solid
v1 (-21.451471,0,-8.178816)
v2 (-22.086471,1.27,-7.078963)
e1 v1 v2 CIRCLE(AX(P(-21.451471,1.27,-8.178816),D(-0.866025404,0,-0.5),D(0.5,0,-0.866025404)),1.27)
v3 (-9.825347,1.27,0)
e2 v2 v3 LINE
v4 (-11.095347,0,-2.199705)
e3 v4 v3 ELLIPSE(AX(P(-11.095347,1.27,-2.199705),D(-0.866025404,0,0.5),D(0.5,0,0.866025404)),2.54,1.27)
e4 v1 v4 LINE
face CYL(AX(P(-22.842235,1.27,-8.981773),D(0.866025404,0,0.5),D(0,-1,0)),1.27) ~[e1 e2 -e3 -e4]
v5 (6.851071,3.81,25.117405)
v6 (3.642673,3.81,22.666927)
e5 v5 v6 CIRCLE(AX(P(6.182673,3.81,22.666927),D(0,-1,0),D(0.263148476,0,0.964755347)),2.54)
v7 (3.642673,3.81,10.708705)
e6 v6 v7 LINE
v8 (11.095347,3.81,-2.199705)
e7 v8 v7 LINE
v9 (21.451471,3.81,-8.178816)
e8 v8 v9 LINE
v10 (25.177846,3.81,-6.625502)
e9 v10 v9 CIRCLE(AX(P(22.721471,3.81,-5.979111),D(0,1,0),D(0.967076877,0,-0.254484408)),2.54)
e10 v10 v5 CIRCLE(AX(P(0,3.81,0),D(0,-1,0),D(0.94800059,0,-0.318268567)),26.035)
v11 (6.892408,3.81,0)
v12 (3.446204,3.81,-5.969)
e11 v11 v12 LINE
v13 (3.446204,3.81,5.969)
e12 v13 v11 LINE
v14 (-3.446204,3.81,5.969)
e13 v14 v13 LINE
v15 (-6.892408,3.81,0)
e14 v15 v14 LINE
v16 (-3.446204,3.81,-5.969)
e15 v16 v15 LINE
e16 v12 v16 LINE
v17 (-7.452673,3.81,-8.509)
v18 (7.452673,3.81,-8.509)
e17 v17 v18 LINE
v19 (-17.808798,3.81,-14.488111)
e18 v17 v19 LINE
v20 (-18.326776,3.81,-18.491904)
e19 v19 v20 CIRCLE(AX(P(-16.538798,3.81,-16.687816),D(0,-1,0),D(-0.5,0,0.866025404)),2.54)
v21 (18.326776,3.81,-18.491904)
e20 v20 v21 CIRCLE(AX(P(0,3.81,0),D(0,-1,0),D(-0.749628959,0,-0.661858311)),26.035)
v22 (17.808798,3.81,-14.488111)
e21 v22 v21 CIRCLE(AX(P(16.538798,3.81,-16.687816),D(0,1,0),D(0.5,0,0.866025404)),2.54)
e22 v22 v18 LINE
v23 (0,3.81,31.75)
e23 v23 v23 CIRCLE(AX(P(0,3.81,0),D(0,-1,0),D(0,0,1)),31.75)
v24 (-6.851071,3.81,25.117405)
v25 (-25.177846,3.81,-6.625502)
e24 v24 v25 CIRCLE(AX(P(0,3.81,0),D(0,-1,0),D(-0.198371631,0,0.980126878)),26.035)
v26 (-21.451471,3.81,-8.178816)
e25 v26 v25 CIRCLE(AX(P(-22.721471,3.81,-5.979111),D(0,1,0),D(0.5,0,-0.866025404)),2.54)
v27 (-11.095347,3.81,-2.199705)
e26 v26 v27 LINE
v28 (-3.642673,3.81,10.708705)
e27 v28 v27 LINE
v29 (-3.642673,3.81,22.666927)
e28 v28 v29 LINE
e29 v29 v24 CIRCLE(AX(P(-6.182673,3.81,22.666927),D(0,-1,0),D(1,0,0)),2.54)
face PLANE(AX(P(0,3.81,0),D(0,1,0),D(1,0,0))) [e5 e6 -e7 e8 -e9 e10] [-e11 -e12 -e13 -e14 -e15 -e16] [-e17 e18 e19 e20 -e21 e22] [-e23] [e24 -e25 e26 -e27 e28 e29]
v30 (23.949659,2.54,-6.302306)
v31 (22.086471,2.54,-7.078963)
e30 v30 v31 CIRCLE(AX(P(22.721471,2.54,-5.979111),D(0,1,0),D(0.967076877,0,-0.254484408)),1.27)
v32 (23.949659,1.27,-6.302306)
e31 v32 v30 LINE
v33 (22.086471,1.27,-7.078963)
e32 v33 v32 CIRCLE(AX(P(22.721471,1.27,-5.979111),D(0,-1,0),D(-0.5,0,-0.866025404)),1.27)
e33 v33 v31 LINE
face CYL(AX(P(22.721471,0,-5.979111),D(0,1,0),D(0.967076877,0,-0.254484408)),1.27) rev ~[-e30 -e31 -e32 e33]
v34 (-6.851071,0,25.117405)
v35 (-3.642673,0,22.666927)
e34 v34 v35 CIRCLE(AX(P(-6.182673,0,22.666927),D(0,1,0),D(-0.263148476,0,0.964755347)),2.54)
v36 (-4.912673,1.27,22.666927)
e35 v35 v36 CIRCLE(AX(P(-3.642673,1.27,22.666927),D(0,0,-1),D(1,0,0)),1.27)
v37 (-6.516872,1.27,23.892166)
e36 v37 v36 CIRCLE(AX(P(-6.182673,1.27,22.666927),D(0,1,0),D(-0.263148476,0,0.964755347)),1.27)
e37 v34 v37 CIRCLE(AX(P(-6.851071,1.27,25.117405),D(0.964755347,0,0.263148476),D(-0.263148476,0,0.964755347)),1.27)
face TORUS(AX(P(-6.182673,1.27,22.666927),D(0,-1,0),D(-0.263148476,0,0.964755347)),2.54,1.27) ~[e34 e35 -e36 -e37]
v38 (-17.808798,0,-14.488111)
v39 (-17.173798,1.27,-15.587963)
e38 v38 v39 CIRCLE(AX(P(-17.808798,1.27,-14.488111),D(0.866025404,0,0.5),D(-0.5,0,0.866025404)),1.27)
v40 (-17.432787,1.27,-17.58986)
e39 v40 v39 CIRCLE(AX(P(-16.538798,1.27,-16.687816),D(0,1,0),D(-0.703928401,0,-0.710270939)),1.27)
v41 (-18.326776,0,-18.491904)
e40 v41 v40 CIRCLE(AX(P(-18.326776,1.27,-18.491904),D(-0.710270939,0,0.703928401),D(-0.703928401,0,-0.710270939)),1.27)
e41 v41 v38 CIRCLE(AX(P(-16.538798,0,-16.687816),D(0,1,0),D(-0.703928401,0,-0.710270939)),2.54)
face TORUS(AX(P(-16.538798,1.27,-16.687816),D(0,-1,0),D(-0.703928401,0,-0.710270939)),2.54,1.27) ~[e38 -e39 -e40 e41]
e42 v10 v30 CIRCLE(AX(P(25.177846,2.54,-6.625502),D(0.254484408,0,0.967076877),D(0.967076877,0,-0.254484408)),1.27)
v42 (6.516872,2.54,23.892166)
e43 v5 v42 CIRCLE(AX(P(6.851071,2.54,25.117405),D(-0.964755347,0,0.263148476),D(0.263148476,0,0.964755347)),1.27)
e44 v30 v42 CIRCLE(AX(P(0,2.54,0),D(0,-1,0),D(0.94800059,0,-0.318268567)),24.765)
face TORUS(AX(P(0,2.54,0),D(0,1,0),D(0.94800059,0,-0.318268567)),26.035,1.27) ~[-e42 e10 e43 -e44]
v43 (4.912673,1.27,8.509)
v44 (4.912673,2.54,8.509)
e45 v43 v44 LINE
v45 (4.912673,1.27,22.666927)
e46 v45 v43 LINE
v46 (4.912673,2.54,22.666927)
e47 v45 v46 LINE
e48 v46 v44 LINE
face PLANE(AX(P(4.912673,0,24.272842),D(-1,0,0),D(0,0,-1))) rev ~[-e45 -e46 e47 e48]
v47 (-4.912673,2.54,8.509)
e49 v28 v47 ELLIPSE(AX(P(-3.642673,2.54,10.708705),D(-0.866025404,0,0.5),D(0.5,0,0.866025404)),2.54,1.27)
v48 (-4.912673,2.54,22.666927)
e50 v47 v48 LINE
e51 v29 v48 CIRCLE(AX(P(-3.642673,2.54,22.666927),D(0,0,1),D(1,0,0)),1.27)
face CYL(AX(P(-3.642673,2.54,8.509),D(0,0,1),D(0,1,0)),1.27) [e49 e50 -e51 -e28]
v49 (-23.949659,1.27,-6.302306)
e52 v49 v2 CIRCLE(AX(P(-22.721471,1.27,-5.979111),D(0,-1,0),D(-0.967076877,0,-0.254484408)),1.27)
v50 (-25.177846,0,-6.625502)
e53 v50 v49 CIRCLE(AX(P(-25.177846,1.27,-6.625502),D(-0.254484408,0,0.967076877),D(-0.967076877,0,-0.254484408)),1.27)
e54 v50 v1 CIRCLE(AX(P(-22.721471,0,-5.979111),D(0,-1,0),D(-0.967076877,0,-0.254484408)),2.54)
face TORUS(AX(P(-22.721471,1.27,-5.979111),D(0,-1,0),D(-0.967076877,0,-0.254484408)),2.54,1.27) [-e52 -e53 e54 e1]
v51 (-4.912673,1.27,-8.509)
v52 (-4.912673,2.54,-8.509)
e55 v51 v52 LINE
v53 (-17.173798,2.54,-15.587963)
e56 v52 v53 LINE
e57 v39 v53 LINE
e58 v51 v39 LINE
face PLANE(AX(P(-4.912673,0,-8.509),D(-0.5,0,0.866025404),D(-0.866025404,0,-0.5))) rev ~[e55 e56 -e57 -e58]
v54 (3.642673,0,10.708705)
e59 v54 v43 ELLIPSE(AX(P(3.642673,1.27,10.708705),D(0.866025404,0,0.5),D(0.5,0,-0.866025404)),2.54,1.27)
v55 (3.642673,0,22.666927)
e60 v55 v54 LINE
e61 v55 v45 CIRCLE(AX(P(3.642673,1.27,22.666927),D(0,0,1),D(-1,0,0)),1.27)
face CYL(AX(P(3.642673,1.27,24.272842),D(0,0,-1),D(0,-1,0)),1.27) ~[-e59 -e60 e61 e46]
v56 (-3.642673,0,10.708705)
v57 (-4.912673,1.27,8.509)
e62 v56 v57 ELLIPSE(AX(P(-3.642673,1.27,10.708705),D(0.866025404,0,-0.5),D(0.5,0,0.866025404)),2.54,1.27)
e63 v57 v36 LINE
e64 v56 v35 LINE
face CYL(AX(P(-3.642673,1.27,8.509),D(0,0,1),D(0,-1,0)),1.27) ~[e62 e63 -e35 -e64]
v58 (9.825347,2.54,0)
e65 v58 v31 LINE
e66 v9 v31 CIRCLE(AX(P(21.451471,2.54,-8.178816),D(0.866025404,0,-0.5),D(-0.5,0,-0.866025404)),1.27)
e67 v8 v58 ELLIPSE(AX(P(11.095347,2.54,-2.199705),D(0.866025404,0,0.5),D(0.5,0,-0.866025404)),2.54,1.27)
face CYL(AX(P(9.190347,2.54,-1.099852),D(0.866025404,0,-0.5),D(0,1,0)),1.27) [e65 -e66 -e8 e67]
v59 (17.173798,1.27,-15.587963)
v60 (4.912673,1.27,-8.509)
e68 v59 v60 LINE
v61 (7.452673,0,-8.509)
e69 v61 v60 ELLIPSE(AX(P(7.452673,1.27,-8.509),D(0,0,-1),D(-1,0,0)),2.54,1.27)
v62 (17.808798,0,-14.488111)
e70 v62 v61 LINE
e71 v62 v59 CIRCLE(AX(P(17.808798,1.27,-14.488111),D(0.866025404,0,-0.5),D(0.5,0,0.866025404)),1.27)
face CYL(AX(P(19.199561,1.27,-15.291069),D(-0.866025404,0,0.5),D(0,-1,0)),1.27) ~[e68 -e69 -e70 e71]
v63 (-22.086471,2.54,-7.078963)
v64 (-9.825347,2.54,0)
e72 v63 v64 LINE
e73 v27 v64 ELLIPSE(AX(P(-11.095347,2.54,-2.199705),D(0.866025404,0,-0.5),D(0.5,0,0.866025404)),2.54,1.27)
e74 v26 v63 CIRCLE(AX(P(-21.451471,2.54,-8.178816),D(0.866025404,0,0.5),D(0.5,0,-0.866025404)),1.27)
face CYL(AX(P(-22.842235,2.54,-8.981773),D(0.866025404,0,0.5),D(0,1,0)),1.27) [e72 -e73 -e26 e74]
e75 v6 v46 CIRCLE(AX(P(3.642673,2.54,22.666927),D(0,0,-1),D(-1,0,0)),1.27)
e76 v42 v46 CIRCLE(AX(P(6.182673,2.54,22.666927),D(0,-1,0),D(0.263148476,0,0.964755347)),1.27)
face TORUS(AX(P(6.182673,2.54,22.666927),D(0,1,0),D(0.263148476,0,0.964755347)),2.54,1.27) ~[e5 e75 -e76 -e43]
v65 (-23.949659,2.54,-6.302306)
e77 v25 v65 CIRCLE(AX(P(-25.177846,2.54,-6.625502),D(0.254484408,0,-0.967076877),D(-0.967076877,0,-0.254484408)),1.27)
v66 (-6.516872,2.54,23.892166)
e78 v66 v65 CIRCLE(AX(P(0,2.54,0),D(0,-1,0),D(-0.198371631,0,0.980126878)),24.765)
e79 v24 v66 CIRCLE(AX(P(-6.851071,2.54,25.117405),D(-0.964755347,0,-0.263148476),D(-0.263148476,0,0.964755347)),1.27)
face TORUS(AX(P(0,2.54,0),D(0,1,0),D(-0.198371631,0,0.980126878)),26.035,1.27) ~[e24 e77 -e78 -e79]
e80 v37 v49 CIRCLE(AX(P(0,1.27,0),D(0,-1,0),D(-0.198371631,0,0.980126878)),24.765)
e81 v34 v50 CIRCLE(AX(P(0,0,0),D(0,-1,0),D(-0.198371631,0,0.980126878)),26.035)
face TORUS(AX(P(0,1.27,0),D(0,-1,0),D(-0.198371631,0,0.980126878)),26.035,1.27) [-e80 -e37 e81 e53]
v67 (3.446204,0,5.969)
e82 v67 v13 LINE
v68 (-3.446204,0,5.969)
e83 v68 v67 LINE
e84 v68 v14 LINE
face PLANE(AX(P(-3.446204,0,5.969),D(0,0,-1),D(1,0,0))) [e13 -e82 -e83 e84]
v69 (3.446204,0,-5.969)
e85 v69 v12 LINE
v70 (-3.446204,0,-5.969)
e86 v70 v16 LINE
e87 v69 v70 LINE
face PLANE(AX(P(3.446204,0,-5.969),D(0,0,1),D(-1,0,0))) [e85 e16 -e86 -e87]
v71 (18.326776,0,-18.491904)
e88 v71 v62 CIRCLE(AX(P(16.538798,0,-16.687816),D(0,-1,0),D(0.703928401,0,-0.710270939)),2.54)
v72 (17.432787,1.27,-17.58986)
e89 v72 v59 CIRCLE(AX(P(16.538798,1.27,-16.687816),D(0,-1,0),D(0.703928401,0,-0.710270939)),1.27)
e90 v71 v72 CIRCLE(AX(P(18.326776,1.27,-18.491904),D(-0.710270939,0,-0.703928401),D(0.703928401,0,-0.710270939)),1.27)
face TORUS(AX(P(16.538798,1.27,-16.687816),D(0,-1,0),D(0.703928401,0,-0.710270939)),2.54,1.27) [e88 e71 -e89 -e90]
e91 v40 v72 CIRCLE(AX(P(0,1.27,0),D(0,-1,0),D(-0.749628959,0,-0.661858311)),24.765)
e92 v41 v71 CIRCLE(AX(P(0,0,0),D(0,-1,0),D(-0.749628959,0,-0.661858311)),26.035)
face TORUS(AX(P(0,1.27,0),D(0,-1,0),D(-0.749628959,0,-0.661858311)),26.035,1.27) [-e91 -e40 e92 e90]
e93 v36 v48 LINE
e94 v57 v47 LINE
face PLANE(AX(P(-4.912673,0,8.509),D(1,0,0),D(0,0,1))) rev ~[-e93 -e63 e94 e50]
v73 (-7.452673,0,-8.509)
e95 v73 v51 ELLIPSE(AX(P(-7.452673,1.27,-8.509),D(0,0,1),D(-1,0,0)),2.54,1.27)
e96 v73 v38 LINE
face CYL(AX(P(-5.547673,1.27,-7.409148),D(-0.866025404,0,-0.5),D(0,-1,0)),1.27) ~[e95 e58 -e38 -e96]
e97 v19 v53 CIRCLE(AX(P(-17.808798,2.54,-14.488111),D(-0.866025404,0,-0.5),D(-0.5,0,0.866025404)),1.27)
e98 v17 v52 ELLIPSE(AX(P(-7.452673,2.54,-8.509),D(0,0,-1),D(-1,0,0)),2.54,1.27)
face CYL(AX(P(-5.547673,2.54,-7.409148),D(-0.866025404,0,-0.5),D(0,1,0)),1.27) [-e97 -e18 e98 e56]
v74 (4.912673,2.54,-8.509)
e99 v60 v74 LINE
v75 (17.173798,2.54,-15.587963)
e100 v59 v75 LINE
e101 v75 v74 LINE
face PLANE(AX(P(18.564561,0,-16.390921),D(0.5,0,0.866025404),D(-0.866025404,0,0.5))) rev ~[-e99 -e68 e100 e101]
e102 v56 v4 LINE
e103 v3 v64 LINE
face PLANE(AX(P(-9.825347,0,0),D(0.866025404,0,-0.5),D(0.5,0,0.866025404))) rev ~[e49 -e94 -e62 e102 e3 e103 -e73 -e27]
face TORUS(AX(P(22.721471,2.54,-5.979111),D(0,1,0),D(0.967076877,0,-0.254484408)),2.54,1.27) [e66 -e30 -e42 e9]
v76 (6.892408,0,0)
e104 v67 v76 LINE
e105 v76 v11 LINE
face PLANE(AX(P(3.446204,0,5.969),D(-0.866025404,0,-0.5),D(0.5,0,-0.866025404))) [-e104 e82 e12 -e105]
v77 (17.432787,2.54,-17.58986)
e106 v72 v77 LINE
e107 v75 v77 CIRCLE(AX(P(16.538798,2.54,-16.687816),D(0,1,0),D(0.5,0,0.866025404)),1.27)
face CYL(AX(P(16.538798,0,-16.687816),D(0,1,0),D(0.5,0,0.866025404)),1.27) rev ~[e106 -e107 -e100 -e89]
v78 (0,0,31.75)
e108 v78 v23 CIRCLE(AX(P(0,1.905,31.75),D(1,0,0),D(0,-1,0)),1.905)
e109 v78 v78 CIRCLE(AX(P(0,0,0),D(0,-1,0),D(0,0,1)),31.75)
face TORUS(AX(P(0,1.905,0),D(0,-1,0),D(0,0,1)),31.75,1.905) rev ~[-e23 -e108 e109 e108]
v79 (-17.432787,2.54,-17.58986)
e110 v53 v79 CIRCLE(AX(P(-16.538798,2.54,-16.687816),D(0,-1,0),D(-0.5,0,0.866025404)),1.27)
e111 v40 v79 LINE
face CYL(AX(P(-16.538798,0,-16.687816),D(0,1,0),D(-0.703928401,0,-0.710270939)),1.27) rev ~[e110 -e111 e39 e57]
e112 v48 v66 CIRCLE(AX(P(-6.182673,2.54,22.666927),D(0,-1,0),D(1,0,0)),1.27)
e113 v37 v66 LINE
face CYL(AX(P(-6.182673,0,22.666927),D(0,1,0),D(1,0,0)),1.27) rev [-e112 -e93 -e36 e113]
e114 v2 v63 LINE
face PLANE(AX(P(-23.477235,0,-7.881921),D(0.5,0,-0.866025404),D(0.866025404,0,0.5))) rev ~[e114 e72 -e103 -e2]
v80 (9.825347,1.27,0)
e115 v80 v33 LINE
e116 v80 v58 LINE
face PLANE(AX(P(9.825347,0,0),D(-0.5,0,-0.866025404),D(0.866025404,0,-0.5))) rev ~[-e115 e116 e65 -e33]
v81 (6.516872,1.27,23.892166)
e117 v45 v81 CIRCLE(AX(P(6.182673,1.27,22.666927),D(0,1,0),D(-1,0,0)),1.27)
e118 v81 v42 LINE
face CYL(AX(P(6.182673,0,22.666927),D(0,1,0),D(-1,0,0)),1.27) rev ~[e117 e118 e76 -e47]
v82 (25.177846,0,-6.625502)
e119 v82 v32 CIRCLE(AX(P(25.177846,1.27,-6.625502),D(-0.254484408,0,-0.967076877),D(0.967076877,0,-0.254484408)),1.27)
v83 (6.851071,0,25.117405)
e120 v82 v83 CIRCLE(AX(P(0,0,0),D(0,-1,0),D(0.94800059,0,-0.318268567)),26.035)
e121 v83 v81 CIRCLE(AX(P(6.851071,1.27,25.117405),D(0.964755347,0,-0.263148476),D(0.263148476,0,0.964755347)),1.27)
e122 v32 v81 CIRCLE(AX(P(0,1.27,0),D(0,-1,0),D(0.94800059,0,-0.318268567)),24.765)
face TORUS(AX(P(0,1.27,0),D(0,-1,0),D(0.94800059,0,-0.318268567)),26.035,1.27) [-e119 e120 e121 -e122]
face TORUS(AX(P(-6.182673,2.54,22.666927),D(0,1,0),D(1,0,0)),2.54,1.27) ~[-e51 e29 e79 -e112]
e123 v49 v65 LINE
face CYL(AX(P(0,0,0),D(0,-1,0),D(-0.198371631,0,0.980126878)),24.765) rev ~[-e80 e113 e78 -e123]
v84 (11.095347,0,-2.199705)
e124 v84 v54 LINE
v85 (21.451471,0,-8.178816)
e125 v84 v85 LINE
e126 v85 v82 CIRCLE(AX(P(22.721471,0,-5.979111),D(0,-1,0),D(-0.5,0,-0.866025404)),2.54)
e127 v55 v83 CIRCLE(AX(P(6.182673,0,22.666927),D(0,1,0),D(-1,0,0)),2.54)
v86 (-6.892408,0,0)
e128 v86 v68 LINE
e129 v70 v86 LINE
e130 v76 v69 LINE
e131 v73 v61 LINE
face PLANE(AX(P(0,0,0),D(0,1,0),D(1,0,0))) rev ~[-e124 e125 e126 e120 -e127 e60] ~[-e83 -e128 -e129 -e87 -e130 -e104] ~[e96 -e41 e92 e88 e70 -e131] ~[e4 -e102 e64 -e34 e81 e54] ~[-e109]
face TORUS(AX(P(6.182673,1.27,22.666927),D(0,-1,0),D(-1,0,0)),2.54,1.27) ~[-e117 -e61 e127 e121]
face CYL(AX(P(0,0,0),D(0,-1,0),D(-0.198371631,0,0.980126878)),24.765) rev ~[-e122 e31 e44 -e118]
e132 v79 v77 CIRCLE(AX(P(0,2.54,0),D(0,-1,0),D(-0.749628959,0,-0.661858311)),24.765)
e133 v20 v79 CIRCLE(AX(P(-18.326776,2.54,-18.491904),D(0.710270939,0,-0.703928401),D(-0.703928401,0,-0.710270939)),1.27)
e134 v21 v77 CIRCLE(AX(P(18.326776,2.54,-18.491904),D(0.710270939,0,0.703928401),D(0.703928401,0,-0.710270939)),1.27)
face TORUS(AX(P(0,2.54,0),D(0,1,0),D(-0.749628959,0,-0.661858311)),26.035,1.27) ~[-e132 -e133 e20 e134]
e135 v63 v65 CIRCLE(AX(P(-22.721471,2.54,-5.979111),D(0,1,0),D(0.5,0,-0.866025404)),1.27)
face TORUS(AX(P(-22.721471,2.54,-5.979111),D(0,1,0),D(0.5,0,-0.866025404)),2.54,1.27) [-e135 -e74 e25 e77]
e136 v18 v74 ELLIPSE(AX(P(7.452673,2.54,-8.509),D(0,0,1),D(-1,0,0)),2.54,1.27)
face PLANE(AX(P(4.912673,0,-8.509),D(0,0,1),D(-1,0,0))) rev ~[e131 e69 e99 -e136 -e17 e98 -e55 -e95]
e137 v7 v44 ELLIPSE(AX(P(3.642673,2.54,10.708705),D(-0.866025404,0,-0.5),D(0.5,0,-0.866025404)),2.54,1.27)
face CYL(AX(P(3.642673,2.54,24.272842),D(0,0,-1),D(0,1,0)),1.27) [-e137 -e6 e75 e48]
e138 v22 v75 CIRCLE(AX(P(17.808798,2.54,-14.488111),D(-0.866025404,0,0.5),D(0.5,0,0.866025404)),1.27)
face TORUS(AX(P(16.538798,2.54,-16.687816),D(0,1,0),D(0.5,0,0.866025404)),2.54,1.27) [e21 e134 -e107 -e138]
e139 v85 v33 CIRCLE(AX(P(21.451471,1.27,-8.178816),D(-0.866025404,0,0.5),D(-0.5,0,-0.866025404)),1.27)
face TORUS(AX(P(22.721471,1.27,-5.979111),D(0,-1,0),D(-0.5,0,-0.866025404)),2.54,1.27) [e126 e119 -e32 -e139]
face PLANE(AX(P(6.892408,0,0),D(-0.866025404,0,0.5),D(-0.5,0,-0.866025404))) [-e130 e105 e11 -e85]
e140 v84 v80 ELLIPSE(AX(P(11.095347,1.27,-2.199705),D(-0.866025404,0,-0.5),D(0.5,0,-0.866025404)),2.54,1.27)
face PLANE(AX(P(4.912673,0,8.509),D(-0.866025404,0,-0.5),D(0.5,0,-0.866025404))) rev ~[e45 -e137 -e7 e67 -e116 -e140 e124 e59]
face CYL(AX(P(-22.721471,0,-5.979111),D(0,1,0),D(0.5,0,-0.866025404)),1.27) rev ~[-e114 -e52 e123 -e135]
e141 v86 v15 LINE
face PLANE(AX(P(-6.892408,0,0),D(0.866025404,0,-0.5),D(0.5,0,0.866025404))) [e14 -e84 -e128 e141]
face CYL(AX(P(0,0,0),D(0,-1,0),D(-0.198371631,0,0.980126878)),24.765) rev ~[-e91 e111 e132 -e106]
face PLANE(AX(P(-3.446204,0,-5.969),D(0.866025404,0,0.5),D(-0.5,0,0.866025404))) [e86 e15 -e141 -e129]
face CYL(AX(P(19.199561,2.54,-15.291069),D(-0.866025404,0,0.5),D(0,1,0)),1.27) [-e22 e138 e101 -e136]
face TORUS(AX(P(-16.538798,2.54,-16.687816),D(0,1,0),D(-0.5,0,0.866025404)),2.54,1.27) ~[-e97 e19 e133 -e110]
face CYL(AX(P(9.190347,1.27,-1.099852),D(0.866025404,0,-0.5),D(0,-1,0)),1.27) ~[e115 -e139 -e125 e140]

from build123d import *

# Parameters (mm, degrees)
SKETCH1_R           = 31.75
SKETCH1_R_2         = 24.765
BOSS_EXTRUDE1_DEPTH = 3.81
FILLET2_R           = 1.27


with BuildPart() as part:
    # Sketch1 → Boss-Extrude1 (new body)
    with BuildSketch(Plane(origin=(0, 0, 0), x_dir=(1, 0, 0), z_dir=(0, 1, 0))):
        Circle(SKETCH1_R)
        Circle(SKETCH1_R_2, mode=Mode.SUBTRACT)
        with BuildLine():
            Line((4.912673441, -8.509), (-4.912673441, -8.509))
            Line((-4.912673441, -8.509), (-4.912673441, -24.272842122))
            ThreePointArc((-4.912673441, -24.272842122), (0, -24.765), (4.912673441, -24.272842122))
            Line((4.912673441, -24.272842122), (4.912673441, -8.509))
        make_face()
        with BuildLine():
            Line((-23.47723462, 7.881921061), (-9.825346881, 0))
            Line((-9.825346881, 0), (-4.912673441, 8.509))
            Line((-4.912673441, 8.509), (-18.564561179, 16.390921061))
            ThreePointArc((-18.564561179, 16.390921061), (-21.447119125, 12.3825), (-23.47723462, 7.881921061))
        make_face()
        with BuildLine():
            Line((4.912673441, 8.509), (9.825346881, 0))
            Line((9.825346881, 0), (23.47723462, 7.881921061))
            ThreePointArc((23.47723462, 7.881921061), (21.447119125, 12.3825), (18.564561179, 16.390921061))
            Line((18.564561179, 16.390921061), (4.912673441, 8.509))
        make_face()
        Polygon((-4.912673441, 8.509), (-9.825346881, 0), (-4.912673441, -8.509), (4.912673441, -8.509), (9.825346881, 0), (4.912673441, 8.509), align=None)
        Polygon((6.892407514, 0), (3.446203757, 5.969), (-3.446203757, 5.969), (-6.892407514, 0), (-3.446203757, -5.969), (3.446203757, -5.969), align=None, mode=Mode.SUBTRACT)
    extrude(amount=BOSS_EXTRUDE1_DEPTH)

    # Sketch5 → Cut-Revolve4 (revolve, cut)
    with BuildSketch(Plane(origin=(0, 0, 0), x_dir=(0, 0, -1), z_dir=(1, 0, 0))):
        with BuildLine():
            Line((-31.75, 3.81), (-31.75, 0))
            ThreePointArc((-31.75, 0), (-29.845, 1.905), (-31.75, 3.81))
        make_face()
    revolve(axis=Axis((0, 3.81, 0), (0, -1, 0)), mode=Mode.SUBTRACT)

    # Fillet2
    fillet2_edges = [part.edges().sort_by_distance(p)[0] for p in [
        (-4.912673441, 3.81, 16.390921061),
        (-21.447119125, 3.81, 12.3825),
        (16.65129075, 0, -3.94096053),
        (11.73861731, 3.81, -12.44996053),
        (4.912673441, 0, 16.390921061),
        (21.447119125, 0, 12.3825),
        (0, 0, -24.765),
        (-11.73861731, 0, -12.44996053),
        (11.73861731, 0, -12.44996053),
        (-21.447119125, 0, 12.3825),
        (-4.912673441, 0, 16.390921061),
        (-16.65129075, 0, -3.94096053),
        (-11.73861731, 3.81, -12.44996053),
        (23.47723462, 1.905, -7.881921061),
        (4.912673441, 1.905, 24.272842122),
        (0, 3.81, -24.765),
        (18.564561179, 1.905, -16.390921061),
        (-18.564561179, 1.905, -16.390921061),
        (-23.47723462, 1.905, -7.881921061),
        (-4.912673441, 1.905, 24.272842122),
        (21.447119125, 3.81, 12.3825),
        (4.912673441, 3.81, 16.390921061),
        (16.65129075, 3.81, -3.94096053),
        (-16.65129075, 3.81, -3.94096053),
    ]]
    fillet(fillet2_edges, radius=FILLET2_R)


solid = part.part
